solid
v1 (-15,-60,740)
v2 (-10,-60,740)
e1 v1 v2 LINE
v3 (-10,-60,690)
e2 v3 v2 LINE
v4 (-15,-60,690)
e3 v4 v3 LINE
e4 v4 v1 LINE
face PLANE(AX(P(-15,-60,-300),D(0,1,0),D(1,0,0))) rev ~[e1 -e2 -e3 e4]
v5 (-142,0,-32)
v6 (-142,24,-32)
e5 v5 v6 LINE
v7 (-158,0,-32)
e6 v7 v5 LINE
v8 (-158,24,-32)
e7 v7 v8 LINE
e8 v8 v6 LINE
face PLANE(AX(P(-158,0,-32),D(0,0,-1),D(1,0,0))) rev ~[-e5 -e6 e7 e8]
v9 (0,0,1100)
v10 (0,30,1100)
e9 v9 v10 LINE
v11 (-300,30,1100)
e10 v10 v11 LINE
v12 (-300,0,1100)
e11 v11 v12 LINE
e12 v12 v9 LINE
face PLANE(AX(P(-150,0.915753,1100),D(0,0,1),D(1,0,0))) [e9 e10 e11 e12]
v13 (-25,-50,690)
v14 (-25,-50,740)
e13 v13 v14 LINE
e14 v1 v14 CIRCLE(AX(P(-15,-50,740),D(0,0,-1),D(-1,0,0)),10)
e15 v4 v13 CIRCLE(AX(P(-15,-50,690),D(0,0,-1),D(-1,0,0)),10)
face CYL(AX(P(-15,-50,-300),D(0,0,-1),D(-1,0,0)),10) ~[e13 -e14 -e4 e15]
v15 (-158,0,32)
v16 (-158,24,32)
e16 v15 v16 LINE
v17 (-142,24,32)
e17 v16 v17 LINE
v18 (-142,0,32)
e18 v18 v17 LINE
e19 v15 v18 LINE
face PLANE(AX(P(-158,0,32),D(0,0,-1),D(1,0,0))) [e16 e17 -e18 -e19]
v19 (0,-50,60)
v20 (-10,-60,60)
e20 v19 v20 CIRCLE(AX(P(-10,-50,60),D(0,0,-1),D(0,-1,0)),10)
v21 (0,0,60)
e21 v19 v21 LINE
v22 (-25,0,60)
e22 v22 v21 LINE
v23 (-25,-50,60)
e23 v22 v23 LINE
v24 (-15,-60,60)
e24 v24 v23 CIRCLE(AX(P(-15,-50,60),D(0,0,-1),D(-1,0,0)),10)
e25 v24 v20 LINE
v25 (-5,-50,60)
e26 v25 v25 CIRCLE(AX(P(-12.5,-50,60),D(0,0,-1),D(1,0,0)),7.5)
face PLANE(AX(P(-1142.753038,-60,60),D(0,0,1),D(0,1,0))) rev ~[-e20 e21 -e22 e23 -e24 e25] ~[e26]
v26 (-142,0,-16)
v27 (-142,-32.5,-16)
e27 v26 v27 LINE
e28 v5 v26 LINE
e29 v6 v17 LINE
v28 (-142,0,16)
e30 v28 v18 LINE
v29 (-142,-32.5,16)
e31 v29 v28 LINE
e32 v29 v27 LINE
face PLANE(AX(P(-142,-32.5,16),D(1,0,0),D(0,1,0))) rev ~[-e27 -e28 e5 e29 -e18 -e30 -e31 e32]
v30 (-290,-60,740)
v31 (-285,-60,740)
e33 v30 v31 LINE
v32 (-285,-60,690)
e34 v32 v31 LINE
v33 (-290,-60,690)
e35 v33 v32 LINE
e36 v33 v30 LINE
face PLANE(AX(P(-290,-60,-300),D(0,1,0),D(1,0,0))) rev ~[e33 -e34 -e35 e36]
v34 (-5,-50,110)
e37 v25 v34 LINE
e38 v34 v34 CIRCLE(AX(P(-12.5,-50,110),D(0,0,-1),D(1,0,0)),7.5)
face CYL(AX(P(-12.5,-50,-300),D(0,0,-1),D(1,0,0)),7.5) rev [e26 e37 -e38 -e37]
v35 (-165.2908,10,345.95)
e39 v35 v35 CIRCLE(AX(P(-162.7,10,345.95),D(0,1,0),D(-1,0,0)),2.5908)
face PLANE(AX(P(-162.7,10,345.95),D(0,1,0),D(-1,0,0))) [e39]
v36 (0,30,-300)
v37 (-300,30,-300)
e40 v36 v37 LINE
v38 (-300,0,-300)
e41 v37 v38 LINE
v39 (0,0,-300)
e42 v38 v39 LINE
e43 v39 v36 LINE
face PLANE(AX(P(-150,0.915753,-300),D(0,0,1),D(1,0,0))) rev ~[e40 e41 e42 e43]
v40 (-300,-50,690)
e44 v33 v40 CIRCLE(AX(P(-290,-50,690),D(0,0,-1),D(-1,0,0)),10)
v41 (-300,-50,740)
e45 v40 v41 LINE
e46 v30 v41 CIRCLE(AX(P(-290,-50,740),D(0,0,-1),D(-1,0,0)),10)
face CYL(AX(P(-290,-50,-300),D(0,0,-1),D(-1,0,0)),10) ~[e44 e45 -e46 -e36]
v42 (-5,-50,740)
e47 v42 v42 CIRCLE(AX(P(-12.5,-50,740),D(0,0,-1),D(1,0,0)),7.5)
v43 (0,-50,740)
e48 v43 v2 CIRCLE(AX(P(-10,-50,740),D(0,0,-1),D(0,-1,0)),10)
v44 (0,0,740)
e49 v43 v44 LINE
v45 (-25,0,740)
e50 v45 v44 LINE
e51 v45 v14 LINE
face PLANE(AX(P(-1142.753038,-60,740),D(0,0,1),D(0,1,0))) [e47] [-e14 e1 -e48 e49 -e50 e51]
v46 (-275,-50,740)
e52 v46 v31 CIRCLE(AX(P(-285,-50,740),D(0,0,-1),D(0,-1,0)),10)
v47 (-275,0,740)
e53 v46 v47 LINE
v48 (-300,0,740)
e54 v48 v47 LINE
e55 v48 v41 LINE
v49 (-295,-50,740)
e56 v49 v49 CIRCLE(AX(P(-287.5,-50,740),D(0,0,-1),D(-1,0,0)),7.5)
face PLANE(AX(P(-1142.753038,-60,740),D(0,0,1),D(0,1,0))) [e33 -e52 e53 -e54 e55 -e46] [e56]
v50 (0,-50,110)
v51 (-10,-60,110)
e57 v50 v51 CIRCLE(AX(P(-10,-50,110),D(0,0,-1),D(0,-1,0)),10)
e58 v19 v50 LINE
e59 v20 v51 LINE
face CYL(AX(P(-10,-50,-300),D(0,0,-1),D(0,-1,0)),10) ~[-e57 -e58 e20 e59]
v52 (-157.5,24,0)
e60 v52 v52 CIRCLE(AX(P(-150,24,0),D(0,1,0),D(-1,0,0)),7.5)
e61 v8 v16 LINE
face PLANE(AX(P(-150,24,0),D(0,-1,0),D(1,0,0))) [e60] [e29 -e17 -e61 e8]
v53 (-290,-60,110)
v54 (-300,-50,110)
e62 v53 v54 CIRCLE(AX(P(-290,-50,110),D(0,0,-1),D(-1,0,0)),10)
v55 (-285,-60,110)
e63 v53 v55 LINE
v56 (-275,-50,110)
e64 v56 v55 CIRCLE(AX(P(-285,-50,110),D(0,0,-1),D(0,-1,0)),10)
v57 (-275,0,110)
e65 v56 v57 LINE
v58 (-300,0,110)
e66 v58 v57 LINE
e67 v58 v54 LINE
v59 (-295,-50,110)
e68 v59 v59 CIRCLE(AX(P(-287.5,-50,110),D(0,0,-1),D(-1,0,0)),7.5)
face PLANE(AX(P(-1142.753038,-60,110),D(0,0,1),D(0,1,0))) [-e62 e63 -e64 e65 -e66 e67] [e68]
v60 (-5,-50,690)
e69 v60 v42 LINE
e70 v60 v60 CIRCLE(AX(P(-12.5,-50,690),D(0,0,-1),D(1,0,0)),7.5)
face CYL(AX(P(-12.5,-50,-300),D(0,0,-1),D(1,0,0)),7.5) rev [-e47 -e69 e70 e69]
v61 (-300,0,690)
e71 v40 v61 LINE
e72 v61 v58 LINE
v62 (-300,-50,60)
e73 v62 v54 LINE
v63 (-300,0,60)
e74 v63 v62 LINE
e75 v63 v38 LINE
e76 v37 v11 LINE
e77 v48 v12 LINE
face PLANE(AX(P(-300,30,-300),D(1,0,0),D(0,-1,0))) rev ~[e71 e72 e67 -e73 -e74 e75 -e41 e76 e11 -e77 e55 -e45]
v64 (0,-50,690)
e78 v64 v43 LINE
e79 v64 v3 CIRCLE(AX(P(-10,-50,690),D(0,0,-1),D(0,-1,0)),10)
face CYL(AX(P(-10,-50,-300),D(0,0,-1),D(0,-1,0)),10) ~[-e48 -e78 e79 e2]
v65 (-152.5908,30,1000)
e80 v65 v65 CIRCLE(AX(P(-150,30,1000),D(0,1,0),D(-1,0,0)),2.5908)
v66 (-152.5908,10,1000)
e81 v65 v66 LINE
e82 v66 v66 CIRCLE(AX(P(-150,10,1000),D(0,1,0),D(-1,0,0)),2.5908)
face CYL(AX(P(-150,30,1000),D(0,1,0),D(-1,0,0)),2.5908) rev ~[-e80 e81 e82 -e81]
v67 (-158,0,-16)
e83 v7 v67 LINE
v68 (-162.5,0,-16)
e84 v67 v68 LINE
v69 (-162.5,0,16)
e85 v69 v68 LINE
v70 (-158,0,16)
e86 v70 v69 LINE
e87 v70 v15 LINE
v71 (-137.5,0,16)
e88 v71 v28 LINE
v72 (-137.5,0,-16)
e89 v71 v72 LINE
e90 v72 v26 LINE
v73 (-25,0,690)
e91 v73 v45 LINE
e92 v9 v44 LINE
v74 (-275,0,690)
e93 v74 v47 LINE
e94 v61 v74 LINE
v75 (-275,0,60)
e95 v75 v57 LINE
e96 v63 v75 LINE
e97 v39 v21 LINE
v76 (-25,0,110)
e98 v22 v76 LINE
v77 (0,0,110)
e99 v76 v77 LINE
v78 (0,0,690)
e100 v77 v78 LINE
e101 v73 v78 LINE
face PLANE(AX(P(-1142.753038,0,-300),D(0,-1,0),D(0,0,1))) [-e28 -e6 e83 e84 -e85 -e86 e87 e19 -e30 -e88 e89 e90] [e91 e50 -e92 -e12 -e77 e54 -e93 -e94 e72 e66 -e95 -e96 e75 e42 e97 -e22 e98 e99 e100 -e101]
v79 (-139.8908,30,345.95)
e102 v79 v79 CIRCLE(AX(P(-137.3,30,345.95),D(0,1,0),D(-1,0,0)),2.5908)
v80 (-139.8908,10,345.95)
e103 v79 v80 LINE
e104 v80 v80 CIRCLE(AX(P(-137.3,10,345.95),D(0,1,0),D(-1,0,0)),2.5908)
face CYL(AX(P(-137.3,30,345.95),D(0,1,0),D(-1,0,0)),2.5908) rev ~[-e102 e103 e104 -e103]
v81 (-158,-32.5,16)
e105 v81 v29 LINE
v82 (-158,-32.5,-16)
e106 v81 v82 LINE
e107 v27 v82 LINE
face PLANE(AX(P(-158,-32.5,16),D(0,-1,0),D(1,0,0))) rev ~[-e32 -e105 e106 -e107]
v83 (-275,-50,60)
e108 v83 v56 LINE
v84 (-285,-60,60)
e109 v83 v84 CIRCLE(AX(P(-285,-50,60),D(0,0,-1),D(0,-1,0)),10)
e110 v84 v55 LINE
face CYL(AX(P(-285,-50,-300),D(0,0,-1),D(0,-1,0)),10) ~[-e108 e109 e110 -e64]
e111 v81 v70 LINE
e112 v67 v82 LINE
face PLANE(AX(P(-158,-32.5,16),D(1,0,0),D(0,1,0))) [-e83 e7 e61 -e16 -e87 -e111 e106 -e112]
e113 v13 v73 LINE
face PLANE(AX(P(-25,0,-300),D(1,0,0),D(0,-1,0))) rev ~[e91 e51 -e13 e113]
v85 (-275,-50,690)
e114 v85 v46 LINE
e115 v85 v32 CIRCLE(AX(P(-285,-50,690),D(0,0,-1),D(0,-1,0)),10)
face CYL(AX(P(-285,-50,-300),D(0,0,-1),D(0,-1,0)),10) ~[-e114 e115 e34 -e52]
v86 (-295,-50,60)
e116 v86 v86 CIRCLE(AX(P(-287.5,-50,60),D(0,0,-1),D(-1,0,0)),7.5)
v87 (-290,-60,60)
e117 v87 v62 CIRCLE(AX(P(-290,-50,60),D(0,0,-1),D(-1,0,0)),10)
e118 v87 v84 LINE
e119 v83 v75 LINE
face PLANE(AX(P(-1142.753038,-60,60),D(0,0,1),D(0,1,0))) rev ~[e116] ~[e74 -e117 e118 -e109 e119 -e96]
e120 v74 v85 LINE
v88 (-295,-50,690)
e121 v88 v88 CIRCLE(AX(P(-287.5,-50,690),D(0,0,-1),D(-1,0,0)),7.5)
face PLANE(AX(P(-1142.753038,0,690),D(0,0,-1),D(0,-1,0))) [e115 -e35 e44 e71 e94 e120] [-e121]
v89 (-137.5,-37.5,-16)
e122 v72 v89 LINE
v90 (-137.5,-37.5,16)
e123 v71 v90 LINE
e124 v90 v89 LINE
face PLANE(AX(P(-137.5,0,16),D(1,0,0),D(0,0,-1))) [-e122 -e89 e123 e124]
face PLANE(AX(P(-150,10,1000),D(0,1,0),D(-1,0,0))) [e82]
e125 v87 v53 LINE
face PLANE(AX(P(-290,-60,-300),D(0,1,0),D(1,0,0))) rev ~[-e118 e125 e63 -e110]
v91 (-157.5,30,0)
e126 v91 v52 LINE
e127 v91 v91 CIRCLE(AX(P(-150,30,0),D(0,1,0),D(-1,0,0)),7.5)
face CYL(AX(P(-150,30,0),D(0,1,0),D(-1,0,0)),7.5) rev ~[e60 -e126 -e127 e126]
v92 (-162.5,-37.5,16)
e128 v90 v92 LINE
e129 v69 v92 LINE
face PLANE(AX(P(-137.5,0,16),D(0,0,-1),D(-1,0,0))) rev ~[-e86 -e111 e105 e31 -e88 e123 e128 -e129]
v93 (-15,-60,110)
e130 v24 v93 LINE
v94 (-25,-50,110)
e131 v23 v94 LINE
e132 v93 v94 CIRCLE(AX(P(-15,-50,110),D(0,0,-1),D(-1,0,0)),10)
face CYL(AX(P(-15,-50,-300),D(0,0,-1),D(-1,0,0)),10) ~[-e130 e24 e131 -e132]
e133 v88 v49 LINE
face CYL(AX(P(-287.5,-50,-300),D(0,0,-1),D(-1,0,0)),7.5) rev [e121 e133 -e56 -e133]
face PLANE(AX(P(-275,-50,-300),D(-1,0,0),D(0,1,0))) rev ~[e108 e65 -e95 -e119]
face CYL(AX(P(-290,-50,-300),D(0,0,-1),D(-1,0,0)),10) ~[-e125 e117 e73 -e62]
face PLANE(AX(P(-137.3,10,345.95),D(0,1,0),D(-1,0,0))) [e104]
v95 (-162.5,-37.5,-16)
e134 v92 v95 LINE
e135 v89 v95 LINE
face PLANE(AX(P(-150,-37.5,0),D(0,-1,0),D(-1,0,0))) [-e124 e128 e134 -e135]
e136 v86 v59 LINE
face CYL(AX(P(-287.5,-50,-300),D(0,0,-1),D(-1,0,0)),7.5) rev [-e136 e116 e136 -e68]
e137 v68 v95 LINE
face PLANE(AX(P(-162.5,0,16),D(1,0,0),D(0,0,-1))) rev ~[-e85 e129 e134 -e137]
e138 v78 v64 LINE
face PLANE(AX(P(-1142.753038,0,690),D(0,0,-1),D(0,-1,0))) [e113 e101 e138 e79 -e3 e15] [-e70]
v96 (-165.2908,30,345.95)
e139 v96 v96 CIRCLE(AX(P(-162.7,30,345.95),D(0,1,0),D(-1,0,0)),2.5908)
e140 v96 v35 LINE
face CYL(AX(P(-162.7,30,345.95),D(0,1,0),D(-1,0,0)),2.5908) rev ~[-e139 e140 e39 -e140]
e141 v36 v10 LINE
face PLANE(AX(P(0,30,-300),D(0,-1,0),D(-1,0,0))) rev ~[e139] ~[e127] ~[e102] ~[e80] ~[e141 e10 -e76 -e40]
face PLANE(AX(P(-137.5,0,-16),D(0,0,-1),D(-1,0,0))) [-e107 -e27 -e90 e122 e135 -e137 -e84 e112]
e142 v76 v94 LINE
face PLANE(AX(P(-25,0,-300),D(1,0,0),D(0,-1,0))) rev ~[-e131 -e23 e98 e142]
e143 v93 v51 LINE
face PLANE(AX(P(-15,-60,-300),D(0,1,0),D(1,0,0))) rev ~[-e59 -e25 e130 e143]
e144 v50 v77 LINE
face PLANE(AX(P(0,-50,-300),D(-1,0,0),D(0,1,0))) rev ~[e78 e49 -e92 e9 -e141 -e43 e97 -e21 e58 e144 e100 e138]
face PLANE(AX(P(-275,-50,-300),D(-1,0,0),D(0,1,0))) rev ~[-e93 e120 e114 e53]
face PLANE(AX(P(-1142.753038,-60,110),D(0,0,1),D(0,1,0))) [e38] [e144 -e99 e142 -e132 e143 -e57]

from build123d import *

# Parameters (mm, degrees)
BOSS_EXTRUDE1_DEPTH      = 1100
BOSS_EXTRUDE1_DEPTH_BACK = 300
SKETCH1_R                = 7.5
CUT_EXTRUDE1_DEPTH       = 1142.753038095
CUT_EXTRUDE1_DEPTH_BACK  = 1142.753038095
SKETCH3_W                = 360
SKETCH3_H                = 60
SKETCH4_R                = 7.5
CUT_EXTRUDE2_DEPTH       = 1144.721994193
SKETCH7_W                = 25
SKETCH7_H                = 32
BOSS_EXTRUDE2_DEPTH      = 37.5
SKETCH8_W                = 16
SKETCH8_H                = 32.5
CUT_EXTRUDE4_DEPTH       = 1127.346305538
SKETCH9_W                = 16
SKETCH9_H                = 64
CUT_EXTRUDE5_DEPTH       = 24
SKETCH10_R               = 2.5908
CUT_EXTRUDE6_DEPTH       = 20


with BuildPart() as part:
    # Sketch1 → Boss-Extrude1 (new, two sides: drawn at the far end of the back side and taken through both)
    with BuildSketch(Plane.XY.offset(-BOSS_EXTRUDE1_DEPTH_BACK)):
        with BuildLine():
            Line((0, 0), (0, 30))
            Line((0, 30), (-300, 30))
            Line((-300, 30), (-300, 0))
            Line((-300, 0), (-300, -50))
            ThreePointArc((-300, -50), (-297.071067812, -57.071067812), (-290, -60))
            Line((-290, -60), (-285, -60))
            ThreePointArc((-285, -60), (-277.928932188, -57.071067812), (-275, -50))
            Line((-275, -50), (-275, 0))
            Line((-275, 0), (-25, 0))
            Line((-25, 0), (-25, -50))
            ThreePointArc((-25, -50), (-22.071067812, -57.071067812), (-15, -60))
            Line((-15, -60), (-10, -60))
            ThreePointArc((-10, -60), (-2.928932188, -57.071067812), (0, -50))
            Line((0, -50), (0, 0))
        make_face()
        with Locations((-12.5, -50)):
            Circle(SKETCH1_R, mode=Mode.SUBTRACT)
        with Locations(Location((-287.5, -50, 0), (0, 0, 180))):
            Circle(SKETCH1_R, mode=Mode.SUBTRACT)
    extrude(amount=BOSS_EXTRUDE1_DEPTH + BOSS_EXTRUDE1_DEPTH_BACK)

    # Sketch3 → Cut-Extrude1 (cut, two sides: drawn at the far end of the back side and taken through both)
    with BuildSketch(Plane(origin=(0, 0, 0), x_dir=(0, 0, -1), z_dir=(1, 0, 0)).offset(-CUT_EXTRUDE1_DEPTH_BACK)):
        with Locations((-920, -30)):
            Rectangle(SKETCH3_W, SKETCH3_H)
        Polygon((0, 0), (300, 0), (300, -60), (0, -60), (-60, -60), (-60, 0), align=None)
        Polygon((-690, -60), (-110, -60), (-110, -50), (-110, 0), (-690, 0), (-690, -50), align=None)
    extrude(amount=CUT_EXTRUDE1_DEPTH + CUT_EXTRUDE1_DEPTH_BACK, mode=Mode.SUBTRACT)

    # Sketch4 → Cut-Extrude2 (cut, through all)
    with BuildSketch(Plane(origin=(0, 30, 0), x_dir=(1, 0, 0), z_dir=(0, 1, 0))):
        with Locations(Location((-150, 0, 0), (0, 0, 180))):
            Circle(SKETCH4_R)
    extrude(amount=-CUT_EXTRUDE2_DEPTH, mode=Mode.SUBTRACT)

    # Sketch7 → Boss-Extrude2 (add)
    with BuildSketch(Plane(origin=(0, 0, 0), x_dir=(-1, 0, 0), z_dir=(0, -1, 0))):
        with Locations((150, 0)):
            Rectangle(SKETCH7_W, SKETCH7_H)
    extrude(amount=BOSS_EXTRUDE2_DEPTH)

    # Sketch8 → Cut-Extrude4 (cut, through all)
    with BuildSketch(Plane.XY.offset(16)):
        with Locations((-150, -16.25)):
            Rectangle(SKETCH8_W, SKETCH8_H)
    extrude(amount=-CUT_EXTRUDE4_DEPTH, mode=Mode.SUBTRACT)

    # Sketch9 → Cut-Extrude5 (cut)
    with BuildSketch(Plane.XZ):
        with Locations((-150, 0)):
            Rectangle(SKETCH9_W, SKETCH9_H)
    extrude(amount=-CUT_EXTRUDE5_DEPTH, mode=Mode.SUBTRACT)

    # Sketch10 → Cut-Extrude6 (cut)
    with BuildSketch(Plane(origin=(0, 30, 0), x_dir=(1, 0, 0), z_dir=(0, 1, 0))):
        with Locations(Location((-150, -1000, 0), (0, 0, 180))):
            Circle(SKETCH10_R)
        with Locations(Location((-162.7, -345.95, 0), (0, 0, 180))):
            Circle(SKETCH10_R)
        with Locations(Location((-137.3, -345.95, 0), (0, 0, 180))):
            Circle(SKETCH10_R)
    extrude(amount=-CUT_EXTRUDE6_DEPTH, mode=Mode.SUBTRACT)


solid = part.part
